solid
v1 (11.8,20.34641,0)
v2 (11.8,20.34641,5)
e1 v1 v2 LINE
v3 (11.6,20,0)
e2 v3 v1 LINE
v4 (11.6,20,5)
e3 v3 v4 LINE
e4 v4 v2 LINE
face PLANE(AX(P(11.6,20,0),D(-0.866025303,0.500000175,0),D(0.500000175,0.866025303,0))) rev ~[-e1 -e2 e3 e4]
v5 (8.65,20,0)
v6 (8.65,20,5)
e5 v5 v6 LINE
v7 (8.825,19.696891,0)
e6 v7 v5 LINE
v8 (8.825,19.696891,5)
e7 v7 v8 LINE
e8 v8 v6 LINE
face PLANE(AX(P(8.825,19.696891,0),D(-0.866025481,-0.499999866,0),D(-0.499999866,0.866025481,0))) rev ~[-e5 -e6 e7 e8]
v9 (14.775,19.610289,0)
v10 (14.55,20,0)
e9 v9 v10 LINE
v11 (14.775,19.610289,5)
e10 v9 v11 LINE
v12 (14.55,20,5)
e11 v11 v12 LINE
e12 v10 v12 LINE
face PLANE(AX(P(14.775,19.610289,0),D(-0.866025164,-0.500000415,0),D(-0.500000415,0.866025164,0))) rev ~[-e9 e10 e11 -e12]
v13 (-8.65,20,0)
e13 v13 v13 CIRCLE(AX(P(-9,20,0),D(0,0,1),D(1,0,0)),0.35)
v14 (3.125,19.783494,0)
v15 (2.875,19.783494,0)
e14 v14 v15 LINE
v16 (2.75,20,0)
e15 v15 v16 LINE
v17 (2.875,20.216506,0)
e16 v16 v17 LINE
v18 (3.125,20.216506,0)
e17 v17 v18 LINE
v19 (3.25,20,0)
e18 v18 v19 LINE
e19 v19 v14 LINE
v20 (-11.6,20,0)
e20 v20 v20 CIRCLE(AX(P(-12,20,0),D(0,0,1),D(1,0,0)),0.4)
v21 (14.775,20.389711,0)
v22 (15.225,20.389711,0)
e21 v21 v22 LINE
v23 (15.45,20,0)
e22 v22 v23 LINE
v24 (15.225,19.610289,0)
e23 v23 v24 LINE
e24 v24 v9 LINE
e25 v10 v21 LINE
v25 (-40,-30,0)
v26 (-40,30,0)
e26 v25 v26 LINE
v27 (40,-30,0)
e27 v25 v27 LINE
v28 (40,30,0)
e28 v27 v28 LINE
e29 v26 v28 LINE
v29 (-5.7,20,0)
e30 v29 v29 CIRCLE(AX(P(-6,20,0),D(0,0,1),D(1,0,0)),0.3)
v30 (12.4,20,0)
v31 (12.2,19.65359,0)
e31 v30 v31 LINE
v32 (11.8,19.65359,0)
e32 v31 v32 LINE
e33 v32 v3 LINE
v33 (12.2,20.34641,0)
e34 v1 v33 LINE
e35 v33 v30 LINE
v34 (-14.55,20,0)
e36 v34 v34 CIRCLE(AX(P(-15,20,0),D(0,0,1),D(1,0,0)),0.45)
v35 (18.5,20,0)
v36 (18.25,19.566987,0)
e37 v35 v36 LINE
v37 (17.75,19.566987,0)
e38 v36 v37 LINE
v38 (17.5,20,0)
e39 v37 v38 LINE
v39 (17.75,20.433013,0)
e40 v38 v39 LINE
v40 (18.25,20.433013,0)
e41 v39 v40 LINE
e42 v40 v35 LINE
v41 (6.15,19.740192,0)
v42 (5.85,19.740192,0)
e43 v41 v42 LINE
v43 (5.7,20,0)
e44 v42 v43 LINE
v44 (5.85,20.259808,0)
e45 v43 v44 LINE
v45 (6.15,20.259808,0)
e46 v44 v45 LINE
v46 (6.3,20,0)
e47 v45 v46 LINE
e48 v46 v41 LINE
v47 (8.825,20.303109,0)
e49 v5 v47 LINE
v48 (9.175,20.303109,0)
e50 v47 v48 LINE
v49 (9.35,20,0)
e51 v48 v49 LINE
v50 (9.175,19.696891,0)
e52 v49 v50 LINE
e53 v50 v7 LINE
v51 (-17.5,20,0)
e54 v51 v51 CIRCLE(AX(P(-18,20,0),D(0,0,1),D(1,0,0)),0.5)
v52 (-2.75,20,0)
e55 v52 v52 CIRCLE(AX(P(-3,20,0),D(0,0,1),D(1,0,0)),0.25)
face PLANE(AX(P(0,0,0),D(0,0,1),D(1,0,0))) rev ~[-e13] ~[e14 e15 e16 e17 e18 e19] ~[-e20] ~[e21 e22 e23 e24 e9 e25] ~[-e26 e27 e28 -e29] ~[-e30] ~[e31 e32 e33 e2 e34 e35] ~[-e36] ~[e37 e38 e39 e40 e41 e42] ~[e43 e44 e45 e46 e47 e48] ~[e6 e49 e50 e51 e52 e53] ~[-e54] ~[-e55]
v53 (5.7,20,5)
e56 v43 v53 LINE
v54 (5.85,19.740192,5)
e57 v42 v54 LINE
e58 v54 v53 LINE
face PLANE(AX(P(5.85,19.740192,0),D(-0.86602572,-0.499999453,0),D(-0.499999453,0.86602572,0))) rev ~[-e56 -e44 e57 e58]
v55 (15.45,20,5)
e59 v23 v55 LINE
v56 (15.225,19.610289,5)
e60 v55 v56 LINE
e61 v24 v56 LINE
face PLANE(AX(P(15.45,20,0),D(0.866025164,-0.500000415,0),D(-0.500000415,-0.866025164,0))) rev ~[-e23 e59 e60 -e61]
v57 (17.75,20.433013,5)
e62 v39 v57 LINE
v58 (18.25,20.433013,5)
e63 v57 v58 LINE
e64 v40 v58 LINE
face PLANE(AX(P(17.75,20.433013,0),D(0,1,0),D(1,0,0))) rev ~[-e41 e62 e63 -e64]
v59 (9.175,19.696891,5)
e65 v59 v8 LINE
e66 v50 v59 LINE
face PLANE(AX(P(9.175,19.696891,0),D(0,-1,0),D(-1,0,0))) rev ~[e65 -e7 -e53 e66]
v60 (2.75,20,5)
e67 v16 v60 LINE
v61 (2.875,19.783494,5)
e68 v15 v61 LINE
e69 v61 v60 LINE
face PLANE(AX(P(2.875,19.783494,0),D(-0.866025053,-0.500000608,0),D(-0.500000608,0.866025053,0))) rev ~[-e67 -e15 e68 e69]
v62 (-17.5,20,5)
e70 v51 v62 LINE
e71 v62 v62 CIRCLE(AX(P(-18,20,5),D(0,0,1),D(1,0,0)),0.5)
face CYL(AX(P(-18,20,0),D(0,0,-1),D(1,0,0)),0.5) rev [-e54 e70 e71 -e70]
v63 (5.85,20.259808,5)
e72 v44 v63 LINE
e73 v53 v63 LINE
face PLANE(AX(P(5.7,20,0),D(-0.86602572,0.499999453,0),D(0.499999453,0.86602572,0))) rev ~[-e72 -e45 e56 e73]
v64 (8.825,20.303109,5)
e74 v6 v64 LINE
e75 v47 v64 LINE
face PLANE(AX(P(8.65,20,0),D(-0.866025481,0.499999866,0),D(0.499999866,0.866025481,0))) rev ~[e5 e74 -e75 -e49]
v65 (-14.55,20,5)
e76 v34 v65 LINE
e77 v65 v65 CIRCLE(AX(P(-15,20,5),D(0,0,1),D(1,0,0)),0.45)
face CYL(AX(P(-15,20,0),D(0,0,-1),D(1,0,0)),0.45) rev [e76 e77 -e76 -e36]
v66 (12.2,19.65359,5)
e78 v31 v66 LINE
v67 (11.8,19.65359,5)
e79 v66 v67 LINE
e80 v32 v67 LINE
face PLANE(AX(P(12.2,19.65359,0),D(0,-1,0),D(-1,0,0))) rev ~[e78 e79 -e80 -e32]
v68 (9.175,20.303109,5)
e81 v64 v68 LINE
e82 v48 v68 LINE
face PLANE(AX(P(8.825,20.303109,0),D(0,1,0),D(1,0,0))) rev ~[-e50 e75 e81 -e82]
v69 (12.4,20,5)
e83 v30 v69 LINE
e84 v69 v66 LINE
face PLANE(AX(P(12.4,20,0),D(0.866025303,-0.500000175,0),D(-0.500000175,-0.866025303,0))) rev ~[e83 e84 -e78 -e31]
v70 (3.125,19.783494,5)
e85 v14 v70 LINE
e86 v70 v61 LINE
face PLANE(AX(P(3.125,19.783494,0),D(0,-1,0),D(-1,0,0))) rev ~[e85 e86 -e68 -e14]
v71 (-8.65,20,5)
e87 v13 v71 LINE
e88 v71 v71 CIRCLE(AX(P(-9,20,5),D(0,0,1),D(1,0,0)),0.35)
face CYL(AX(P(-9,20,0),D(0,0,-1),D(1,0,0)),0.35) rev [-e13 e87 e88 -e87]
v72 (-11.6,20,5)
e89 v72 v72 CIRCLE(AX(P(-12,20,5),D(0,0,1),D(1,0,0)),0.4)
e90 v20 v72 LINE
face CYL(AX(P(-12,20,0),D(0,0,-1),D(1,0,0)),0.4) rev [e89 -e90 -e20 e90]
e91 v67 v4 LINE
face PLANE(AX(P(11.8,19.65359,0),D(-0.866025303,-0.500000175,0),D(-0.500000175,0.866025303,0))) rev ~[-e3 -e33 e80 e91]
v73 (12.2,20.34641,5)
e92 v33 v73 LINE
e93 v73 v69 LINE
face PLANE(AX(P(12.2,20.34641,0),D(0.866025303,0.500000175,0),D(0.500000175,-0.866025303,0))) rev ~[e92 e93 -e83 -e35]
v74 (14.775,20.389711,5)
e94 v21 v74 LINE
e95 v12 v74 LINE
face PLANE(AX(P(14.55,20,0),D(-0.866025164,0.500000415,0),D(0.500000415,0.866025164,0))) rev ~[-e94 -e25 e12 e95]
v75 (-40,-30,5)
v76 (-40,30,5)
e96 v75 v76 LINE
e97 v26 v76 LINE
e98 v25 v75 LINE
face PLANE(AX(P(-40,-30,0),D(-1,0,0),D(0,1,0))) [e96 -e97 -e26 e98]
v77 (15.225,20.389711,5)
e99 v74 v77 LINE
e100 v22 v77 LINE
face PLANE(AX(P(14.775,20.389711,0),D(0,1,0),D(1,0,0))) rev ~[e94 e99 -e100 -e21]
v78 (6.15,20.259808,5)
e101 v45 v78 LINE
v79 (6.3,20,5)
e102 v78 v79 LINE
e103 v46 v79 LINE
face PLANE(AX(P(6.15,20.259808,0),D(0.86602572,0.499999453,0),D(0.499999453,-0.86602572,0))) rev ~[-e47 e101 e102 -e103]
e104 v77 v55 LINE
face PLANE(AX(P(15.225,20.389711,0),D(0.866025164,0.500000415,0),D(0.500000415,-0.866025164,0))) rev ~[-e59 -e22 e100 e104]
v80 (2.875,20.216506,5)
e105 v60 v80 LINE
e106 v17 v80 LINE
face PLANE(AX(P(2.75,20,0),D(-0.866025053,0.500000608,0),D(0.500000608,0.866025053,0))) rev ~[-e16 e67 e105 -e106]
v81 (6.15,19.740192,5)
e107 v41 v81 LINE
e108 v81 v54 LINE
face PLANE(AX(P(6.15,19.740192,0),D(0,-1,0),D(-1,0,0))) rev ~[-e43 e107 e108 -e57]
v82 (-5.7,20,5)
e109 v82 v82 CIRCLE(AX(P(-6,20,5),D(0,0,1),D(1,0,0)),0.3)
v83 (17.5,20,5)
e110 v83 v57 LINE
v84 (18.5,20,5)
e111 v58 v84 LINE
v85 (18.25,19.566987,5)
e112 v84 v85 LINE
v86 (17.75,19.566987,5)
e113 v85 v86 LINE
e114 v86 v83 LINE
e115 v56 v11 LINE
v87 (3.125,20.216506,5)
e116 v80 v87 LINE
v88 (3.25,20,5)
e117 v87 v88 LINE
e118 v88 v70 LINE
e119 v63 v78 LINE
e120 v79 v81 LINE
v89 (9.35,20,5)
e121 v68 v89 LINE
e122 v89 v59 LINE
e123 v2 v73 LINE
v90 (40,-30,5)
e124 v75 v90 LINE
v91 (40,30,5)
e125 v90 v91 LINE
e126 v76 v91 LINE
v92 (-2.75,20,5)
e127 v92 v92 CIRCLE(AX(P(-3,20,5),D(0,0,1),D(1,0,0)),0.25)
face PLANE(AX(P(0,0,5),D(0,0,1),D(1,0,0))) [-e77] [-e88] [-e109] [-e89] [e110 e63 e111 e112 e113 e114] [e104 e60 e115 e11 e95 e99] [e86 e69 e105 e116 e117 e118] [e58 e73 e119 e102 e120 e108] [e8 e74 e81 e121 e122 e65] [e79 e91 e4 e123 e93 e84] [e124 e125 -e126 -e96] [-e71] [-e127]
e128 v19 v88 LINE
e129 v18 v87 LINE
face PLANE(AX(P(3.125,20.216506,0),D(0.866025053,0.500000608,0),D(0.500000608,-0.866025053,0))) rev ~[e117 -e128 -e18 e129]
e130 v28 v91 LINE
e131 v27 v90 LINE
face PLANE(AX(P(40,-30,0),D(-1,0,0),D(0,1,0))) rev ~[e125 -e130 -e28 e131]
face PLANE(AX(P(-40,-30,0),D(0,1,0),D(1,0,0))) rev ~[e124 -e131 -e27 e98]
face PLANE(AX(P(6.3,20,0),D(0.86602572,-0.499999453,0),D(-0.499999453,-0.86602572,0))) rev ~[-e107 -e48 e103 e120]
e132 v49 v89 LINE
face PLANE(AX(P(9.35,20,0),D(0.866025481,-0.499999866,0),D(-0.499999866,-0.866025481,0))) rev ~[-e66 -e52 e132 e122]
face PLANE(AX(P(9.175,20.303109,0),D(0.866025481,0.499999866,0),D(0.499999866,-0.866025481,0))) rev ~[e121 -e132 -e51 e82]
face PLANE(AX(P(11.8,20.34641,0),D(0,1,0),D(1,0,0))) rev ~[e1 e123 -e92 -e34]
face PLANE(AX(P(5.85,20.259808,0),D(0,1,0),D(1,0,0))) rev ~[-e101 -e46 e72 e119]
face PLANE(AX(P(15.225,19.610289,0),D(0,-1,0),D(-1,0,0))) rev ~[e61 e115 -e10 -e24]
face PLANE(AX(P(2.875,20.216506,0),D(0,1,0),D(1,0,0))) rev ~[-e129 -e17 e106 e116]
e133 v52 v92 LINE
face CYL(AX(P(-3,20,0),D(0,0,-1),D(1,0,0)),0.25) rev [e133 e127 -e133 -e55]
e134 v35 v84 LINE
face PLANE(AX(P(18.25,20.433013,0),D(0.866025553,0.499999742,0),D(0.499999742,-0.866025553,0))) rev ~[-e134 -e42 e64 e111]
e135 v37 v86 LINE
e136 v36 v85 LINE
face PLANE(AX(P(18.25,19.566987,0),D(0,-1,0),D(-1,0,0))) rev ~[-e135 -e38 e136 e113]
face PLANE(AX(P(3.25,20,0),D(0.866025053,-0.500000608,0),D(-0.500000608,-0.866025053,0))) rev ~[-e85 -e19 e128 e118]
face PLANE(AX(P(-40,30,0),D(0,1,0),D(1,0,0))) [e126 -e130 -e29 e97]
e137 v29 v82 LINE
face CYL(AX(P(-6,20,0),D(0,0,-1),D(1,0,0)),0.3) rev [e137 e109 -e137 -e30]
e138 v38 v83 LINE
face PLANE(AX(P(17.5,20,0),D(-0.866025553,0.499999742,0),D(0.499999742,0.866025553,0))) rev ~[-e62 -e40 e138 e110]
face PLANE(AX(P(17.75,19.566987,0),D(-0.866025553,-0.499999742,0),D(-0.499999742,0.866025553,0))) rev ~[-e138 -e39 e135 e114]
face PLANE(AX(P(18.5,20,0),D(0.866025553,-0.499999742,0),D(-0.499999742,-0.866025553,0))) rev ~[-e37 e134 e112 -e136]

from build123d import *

# Parameters (mm, degrees)
F0_W     = 80
F0_H     = 60
F0_R     = 0.5
F0_R_2   = 0.45
F0_R_3   = 0.4
F0_R_4   = 0.35
F0_R_5   = 0.3
F0_R_6   = 0.25
F1_DEPTH = 5


with BuildPart() as f1:
    # F0 (on Top) → F1 (new body)
    with BuildSketch(Plane.XY):
        Rectangle(F0_W, F0_H)
        with Locations((-18, 20)):
            Circle(F0_R, mode=Mode.SUBTRACT)
        with Locations((-15, 20)):
            Circle(F0_R_2, mode=Mode.SUBTRACT)
        with Locations((-12, 20)):
            Circle(F0_R_3, mode=Mode.SUBTRACT)
        with Locations((-9, 20)):
            Circle(F0_R_4, mode=Mode.SUBTRACT)
        with Locations((-6, 20)):
            Circle(F0_R_5, mode=Mode.SUBTRACT)
        with Locations((-3, 20)):
            Circle(F0_R_6, mode=Mode.SUBTRACT)
        Polygon((2.875, 20.216506), (3.125, 20.216506), (3.25, 20), (3.125, 19.783494), (2.875, 19.783494), (2.75, 20), align=None, mode=Mode.SUBTRACT)
        Polygon((5.85, 20.259808), (6.15, 20.259808), (6.3, 20), (6.15, 19.740192), (5.85, 19.740192), (5.7, 20), align=None, mode=Mode.SUBTRACT)
        Polygon((8.825, 20.303109), (9.175, 20.303109), (9.35, 20), (9.175, 19.696891), (8.825, 19.696891), (8.65, 20), align=None, mode=Mode.SUBTRACT)
        Polygon((11.8, 20.34641), (12.2, 20.34641), (12.4, 20), (12.2, 19.65359), (11.8, 19.65359), (11.6, 20), align=None, mode=Mode.SUBTRACT)
        Polygon((14.775, 20.389711), (15.225, 20.389711), (15.45, 20), (15.225, 19.610289), (14.775, 19.610289), (14.55, 20), align=None, mode=Mode.SUBTRACT)
        Polygon((18.5, 20), (18.25, 19.566987), (17.75, 19.566987), (17.5, 20), (17.75, 20.433013), (18.25, 20.433013), align=None, mode=Mode.SUBTRACT)
    extrude(amount=F1_DEPTH)


solid = f1.part
